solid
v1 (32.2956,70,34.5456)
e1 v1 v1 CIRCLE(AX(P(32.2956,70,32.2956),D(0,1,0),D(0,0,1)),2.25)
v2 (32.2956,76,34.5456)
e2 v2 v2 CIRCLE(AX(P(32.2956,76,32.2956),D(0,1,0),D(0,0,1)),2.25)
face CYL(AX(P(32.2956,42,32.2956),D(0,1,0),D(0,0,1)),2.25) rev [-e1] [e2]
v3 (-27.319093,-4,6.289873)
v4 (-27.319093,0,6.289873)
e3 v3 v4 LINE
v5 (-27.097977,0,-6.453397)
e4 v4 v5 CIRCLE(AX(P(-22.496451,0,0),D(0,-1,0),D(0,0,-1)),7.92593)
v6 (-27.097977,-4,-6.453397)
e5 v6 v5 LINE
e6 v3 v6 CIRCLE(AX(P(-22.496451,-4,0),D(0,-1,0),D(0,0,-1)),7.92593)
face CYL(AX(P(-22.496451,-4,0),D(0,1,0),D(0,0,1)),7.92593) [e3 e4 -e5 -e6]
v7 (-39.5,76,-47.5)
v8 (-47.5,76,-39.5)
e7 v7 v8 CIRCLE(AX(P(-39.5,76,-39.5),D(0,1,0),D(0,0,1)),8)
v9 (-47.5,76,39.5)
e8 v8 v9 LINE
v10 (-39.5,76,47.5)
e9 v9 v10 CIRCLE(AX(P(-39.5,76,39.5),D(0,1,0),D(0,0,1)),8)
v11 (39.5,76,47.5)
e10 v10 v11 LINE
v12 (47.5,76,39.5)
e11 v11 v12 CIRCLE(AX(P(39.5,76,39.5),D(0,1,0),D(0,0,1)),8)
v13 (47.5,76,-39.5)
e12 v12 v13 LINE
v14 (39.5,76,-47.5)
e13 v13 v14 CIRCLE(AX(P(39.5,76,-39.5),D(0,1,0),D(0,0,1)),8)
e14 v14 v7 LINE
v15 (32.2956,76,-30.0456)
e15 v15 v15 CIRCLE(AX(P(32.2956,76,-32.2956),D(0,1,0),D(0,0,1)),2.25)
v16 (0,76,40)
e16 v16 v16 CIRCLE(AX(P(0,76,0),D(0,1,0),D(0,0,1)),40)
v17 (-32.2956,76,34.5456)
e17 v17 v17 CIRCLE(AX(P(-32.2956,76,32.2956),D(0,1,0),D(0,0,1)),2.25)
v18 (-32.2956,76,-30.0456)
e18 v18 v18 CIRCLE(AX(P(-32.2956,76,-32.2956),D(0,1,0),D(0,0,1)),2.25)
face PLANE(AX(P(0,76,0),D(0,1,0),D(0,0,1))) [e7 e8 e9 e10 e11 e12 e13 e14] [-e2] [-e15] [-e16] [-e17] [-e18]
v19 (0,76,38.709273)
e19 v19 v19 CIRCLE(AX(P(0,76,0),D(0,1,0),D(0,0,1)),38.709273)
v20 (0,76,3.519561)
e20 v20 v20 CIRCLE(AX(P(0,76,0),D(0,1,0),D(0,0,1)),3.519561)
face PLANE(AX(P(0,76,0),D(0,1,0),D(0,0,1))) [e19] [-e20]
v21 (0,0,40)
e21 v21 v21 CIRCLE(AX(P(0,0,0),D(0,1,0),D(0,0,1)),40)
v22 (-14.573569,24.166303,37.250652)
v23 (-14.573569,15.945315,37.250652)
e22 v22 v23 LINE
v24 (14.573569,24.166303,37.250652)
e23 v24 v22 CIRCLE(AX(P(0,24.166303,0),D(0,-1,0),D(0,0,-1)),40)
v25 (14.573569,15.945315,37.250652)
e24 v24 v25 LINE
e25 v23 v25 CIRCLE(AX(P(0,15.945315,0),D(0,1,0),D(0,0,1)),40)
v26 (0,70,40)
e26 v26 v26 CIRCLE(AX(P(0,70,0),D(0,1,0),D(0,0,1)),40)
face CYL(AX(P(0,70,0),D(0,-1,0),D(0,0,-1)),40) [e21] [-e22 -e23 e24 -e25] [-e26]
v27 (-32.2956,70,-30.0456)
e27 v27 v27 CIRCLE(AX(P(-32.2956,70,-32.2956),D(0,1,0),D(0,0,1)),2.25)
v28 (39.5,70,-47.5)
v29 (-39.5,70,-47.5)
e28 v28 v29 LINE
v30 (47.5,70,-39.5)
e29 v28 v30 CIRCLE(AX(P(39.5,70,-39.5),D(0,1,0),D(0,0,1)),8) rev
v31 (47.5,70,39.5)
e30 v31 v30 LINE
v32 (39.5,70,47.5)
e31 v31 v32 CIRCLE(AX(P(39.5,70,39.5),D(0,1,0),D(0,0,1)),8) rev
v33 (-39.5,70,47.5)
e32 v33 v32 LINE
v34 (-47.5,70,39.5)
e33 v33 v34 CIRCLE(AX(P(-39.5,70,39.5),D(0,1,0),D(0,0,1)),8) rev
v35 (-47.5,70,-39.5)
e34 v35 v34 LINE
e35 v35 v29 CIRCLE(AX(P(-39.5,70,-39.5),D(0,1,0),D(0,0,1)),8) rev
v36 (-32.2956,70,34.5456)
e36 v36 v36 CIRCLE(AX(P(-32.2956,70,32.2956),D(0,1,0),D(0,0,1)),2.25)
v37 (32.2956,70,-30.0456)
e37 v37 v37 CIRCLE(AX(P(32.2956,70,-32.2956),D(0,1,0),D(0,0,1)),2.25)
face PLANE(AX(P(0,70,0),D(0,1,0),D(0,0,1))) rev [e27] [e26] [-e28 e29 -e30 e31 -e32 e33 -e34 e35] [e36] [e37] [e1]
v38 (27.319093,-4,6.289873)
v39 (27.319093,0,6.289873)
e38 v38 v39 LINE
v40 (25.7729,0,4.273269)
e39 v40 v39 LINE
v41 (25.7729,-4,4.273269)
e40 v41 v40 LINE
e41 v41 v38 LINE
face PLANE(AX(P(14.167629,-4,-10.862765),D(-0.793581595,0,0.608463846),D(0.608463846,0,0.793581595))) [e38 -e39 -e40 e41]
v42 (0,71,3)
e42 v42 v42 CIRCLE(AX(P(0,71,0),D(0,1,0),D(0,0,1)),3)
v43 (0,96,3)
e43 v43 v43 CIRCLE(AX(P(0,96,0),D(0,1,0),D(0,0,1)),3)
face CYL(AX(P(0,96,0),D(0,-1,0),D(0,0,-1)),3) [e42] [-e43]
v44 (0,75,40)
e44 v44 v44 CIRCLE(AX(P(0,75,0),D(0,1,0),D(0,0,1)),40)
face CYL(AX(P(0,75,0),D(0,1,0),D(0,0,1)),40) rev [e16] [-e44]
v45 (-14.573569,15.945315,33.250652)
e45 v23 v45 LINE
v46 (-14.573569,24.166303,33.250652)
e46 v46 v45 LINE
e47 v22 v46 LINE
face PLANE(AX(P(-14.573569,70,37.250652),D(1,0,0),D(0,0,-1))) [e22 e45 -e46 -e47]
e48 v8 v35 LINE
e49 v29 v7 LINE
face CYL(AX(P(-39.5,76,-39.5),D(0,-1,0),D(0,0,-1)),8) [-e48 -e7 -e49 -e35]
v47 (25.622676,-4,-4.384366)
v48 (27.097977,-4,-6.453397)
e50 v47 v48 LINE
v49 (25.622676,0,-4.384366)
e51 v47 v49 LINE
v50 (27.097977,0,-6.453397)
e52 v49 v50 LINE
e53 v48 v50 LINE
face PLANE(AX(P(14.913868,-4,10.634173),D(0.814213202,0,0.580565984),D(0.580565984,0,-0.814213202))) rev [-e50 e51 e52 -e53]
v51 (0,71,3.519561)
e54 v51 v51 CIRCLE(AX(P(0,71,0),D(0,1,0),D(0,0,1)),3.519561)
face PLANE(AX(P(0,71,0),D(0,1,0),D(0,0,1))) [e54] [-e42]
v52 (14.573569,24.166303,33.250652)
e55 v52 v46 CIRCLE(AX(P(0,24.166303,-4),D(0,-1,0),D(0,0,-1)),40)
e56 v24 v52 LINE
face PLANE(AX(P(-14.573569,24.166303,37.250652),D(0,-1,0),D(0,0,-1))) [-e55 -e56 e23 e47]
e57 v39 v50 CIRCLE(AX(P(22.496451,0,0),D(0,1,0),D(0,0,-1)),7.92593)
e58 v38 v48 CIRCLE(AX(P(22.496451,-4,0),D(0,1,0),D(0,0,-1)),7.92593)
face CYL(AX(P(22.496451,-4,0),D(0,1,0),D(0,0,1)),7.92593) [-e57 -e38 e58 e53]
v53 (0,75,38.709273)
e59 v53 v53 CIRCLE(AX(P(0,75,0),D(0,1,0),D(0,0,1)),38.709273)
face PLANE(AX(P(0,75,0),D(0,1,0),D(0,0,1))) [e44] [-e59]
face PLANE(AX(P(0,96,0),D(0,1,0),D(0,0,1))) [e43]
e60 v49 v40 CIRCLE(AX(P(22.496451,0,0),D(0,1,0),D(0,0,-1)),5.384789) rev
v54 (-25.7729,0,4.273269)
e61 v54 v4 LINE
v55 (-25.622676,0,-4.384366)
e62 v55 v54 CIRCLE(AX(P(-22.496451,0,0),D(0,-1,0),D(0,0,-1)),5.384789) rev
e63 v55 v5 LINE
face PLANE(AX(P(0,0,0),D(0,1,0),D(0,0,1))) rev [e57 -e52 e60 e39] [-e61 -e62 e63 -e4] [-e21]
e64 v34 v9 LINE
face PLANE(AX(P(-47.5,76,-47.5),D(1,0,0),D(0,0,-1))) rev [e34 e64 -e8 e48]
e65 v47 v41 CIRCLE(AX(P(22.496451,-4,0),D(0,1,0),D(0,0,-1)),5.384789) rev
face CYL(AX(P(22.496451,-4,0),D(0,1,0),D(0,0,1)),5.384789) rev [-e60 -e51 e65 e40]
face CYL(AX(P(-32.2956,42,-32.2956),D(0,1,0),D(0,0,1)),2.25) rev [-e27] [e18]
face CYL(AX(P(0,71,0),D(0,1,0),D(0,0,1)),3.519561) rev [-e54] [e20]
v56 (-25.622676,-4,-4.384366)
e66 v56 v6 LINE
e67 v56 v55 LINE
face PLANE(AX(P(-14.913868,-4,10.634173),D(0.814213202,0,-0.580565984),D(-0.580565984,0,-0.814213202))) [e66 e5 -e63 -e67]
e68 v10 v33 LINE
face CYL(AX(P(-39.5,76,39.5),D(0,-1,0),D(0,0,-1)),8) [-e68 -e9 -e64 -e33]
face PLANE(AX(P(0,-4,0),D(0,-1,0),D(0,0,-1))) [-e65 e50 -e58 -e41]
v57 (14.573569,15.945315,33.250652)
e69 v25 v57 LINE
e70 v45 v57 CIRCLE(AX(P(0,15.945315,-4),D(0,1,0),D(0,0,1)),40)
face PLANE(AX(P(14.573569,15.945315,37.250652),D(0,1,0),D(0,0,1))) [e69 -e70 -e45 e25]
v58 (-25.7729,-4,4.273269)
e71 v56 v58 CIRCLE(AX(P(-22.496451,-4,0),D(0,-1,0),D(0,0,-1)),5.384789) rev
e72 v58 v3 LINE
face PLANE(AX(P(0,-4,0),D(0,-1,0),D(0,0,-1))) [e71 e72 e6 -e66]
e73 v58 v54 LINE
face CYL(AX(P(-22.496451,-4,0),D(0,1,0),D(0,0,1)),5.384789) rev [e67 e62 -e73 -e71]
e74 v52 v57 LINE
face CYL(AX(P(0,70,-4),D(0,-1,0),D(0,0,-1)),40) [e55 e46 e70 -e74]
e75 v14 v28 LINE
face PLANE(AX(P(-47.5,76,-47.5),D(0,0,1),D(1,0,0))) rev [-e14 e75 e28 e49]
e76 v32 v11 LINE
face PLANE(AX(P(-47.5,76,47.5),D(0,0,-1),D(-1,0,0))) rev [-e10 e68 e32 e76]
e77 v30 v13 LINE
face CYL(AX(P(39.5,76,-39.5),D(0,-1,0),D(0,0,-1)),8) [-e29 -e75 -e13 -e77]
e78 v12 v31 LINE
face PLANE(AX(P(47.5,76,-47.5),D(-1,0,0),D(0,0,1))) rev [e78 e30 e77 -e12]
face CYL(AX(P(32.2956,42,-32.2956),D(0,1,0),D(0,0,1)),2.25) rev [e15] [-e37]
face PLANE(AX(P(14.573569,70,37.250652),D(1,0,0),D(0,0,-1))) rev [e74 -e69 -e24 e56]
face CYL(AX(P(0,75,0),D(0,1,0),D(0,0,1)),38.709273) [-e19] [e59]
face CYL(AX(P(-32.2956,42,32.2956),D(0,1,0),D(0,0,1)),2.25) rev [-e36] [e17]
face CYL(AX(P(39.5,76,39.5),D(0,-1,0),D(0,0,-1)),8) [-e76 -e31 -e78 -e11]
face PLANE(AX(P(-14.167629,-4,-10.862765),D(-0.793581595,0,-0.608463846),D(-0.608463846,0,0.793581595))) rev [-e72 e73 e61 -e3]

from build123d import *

# Parameters (mm, degrees)
SKETCH1_R                 = 40
BOSS_EXTRUDE1_DEPTH       = 70
SKETCH2_W                 = 95
SKETCH2_H                 = 95
BOSS_EXTRUDE2_DEPTH       = 6
SKETCH3_R                 = 40
SKETCH3_R_2               = 38.709273032
CUT_EXTRUDE1_DEPTH        = 1
SKETCH4_R                 = 3
BOSS_EXTRUDE3_DEPTH       = 20
FILLET1_R                 = 8
SKETCH6_R                 = 3.519560707
SKETCH6_R_2               = 3
CUT_EXTRUDE3_DEPTH        = 5
CUT_EXTRUDE4_REACH        = 123.169
CUT_EXTRUDE4_START_RADIUS = 40
CUT_EXTRUDE4_END_RADIUS   = 40
SKETCH8_W                 = 29.147137568
SKETCH8_H                 = 8.22098752
BOSS_EXTRUDE5_DEPTH       = 4
SKETCH10_R                = 2.25
CUT_EXTRUDE5_DEPTH        = 34


with BuildPart() as part:
    # Sketch1 → Boss-Extrude1 (new body)
    with BuildSketch(Plane(origin=(0, 0, 0), x_dir=(1, 0, 0), z_dir=(0, 1, 0))):
        with Locations(Location((0, 0, 0), (0, 0, 270))):
            Circle(SKETCH1_R)
    extrude(amount=BOSS_EXTRUDE1_DEPTH)

    # Sketch2 → Boss-Extrude2 (add)
    with BuildSketch(Plane(origin=(0, 70, 0), x_dir=(1, 0, 0), z_dir=(0, 1, 0))):
        Rectangle(SKETCH2_W, SKETCH2_H)
    extrude(amount=BOSS_EXTRUDE2_DEPTH)

    # Sketch3 → Cut-Extrude1 (cut)
    with BuildSketch(Plane(origin=(0, 76, 0), x_dir=(1, 0, 0), z_dir=(0, 1, 0))):
        with Locations(Location((0, 0, 0), (0, 0, 270))):
            Circle(SKETCH3_R)
        with Locations(Location((0, 0, 0), (0, 0, 270))):
            Circle(SKETCH3_R_2, mode=Mode.SUBTRACT)
    extrude(amount=-CUT_EXTRUDE1_DEPTH, mode=Mode.SUBTRACT)

    # Sketch4 → Boss-Extrude3 (add)
    with BuildSketch(Plane(origin=(0, 76, 0), x_dir=(1, 0, 0), z_dir=(0, 1, 0))):
        with Locations(Location((0, 0, 0), (0, 0, 270))):
            Circle(SKETCH4_R)
    extrude(amount=BOSS_EXTRUDE3_DEPTH)

    # Fillet1
    fillet1_edges = [part.edges().sort_by_distance(p)[0] for p in [
        (47.5, 73, 47.5),
        (47.5, 73, -47.5),
        (-47.5, 73, -47.5),
        (-47.5, 73, 47.5),
    ]]
    fillet(fillet1_edges, radius=FILLET1_R)

    # Sketch6 → Cut-Extrude3 (cut)
    with BuildSketch(Plane(origin=(0, 76, 0), x_dir=(1, 0, 0), z_dir=(0, 1, 0))):
        with Locations(Location((0, 0, 0), (0, 0, 270))):
            Circle(SKETCH6_R)
        with Locations(Location((0, 0, 0), (0, 0, 270))):
            Circle(SKETCH6_R_2, mode=Mode.SUBTRACT)
    extrude(amount=-CUT_EXTRUDE3_DEPTH, mode=Mode.SUBTRACT)

    # Cut-Extrude4: from a cylinder face, 123.169 long prism both ways, kept between that surface and its translate by the depth
    cut_extrude4_start = Plane(origin=(0, 20.055809, 0), z_dir=(0, -1, 0)) * Cylinder(CUT_EXTRUDE4_START_RADIUS, 327.338, mode=Mode.PRIVATE)
    cut_extrude4_end = Plane(origin=(0, 20.055809, -4), z_dir=(0, -1, 0)) * Cylinder(CUT_EXTRUDE4_END_RADIUS, 327.338, mode=Mode.PRIVATE)
    # Sketch8 → Cut-Extrude4 (cut, from a surface)
    with BuildSketch(Plane.XY, mode=Mode.PRIVATE) as cut_extrude4_sk1:
        with Locations((0, 20.055809212)):
            Rectangle(SKETCH8_W, SKETCH8_H)
    cut_extrude4_tool1 = extrude(cut_extrude4_sk1.sketch, amount=CUT_EXTRUDE4_REACH, both=True, mode=Mode.PRIVATE)
    add(((cut_extrude4_tool1 & cut_extrude4_start) - cut_extrude4_end).solids().sort_by_distance((0, 20.055809, 35.250652))[0], mode=Mode.SUBTRACT)

    # Sketch9 → Boss-Extrude5 (add)
    with BuildSketch(Plane.XZ):
        with BuildLine():
            ThreePointArc((-25.622676251, -4.384366141), (-27.880429407, -0.093420807), (-25.772900348, 4.273269294))
            Line((-25.772900348, 4.273269294), (-27.319093183, 6.289872554))
            ThreePointArc((-27.319093183, 6.289872554), (-29.604344551, 3.506882349), (-30.422381519, 0))
            ThreePointArc((-30.422381519, 0), (-29.542433802, -3.629669529), (-27.097976665, -6.453397238))
            Line((-27.097976665, -6.453397238), (-25.622676251, -4.384366141))
        make_face()
    boss_extrude5 = extrude(amount=BOSS_EXTRUDE5_DEPTH)

    # Mirror1: Boss-Extrude5 across plane
    add(boss_extrude5.mirror(Plane(origin=(0, 0, 0), x_dir=(0, 0, 1), z_dir=(1, 0, 0))))

    # Sketch10 → Cut-Extrude5 (cut)
    with BuildSketch(Plane(origin=(0, 76, 0), x_dir=(1, 0, 0), z_dir=(0, 1, 0))):
        with Locations(Location((-32.295599691, 32.295599691, 0), (0, 0, 270))):
            Circle(SKETCH10_R)
        with Locations(Location((32.295599691, 32.295599691, 0), (0, 0, 270))):
            Circle(SKETCH10_R)
        with Locations(Location((32.295599691, -32.295599691, 0), (0, 0, 270))):
            Circle(SKETCH10_R)
        with Locations(Location((-32.295599691, -32.295599691, 0), (0, 0, 270))):
            Circle(SKETCH10_R)
    extrude(amount=-CUT_EXTRUDE5_DEPTH, mode=Mode.SUBTRACT)


solid = part.part
